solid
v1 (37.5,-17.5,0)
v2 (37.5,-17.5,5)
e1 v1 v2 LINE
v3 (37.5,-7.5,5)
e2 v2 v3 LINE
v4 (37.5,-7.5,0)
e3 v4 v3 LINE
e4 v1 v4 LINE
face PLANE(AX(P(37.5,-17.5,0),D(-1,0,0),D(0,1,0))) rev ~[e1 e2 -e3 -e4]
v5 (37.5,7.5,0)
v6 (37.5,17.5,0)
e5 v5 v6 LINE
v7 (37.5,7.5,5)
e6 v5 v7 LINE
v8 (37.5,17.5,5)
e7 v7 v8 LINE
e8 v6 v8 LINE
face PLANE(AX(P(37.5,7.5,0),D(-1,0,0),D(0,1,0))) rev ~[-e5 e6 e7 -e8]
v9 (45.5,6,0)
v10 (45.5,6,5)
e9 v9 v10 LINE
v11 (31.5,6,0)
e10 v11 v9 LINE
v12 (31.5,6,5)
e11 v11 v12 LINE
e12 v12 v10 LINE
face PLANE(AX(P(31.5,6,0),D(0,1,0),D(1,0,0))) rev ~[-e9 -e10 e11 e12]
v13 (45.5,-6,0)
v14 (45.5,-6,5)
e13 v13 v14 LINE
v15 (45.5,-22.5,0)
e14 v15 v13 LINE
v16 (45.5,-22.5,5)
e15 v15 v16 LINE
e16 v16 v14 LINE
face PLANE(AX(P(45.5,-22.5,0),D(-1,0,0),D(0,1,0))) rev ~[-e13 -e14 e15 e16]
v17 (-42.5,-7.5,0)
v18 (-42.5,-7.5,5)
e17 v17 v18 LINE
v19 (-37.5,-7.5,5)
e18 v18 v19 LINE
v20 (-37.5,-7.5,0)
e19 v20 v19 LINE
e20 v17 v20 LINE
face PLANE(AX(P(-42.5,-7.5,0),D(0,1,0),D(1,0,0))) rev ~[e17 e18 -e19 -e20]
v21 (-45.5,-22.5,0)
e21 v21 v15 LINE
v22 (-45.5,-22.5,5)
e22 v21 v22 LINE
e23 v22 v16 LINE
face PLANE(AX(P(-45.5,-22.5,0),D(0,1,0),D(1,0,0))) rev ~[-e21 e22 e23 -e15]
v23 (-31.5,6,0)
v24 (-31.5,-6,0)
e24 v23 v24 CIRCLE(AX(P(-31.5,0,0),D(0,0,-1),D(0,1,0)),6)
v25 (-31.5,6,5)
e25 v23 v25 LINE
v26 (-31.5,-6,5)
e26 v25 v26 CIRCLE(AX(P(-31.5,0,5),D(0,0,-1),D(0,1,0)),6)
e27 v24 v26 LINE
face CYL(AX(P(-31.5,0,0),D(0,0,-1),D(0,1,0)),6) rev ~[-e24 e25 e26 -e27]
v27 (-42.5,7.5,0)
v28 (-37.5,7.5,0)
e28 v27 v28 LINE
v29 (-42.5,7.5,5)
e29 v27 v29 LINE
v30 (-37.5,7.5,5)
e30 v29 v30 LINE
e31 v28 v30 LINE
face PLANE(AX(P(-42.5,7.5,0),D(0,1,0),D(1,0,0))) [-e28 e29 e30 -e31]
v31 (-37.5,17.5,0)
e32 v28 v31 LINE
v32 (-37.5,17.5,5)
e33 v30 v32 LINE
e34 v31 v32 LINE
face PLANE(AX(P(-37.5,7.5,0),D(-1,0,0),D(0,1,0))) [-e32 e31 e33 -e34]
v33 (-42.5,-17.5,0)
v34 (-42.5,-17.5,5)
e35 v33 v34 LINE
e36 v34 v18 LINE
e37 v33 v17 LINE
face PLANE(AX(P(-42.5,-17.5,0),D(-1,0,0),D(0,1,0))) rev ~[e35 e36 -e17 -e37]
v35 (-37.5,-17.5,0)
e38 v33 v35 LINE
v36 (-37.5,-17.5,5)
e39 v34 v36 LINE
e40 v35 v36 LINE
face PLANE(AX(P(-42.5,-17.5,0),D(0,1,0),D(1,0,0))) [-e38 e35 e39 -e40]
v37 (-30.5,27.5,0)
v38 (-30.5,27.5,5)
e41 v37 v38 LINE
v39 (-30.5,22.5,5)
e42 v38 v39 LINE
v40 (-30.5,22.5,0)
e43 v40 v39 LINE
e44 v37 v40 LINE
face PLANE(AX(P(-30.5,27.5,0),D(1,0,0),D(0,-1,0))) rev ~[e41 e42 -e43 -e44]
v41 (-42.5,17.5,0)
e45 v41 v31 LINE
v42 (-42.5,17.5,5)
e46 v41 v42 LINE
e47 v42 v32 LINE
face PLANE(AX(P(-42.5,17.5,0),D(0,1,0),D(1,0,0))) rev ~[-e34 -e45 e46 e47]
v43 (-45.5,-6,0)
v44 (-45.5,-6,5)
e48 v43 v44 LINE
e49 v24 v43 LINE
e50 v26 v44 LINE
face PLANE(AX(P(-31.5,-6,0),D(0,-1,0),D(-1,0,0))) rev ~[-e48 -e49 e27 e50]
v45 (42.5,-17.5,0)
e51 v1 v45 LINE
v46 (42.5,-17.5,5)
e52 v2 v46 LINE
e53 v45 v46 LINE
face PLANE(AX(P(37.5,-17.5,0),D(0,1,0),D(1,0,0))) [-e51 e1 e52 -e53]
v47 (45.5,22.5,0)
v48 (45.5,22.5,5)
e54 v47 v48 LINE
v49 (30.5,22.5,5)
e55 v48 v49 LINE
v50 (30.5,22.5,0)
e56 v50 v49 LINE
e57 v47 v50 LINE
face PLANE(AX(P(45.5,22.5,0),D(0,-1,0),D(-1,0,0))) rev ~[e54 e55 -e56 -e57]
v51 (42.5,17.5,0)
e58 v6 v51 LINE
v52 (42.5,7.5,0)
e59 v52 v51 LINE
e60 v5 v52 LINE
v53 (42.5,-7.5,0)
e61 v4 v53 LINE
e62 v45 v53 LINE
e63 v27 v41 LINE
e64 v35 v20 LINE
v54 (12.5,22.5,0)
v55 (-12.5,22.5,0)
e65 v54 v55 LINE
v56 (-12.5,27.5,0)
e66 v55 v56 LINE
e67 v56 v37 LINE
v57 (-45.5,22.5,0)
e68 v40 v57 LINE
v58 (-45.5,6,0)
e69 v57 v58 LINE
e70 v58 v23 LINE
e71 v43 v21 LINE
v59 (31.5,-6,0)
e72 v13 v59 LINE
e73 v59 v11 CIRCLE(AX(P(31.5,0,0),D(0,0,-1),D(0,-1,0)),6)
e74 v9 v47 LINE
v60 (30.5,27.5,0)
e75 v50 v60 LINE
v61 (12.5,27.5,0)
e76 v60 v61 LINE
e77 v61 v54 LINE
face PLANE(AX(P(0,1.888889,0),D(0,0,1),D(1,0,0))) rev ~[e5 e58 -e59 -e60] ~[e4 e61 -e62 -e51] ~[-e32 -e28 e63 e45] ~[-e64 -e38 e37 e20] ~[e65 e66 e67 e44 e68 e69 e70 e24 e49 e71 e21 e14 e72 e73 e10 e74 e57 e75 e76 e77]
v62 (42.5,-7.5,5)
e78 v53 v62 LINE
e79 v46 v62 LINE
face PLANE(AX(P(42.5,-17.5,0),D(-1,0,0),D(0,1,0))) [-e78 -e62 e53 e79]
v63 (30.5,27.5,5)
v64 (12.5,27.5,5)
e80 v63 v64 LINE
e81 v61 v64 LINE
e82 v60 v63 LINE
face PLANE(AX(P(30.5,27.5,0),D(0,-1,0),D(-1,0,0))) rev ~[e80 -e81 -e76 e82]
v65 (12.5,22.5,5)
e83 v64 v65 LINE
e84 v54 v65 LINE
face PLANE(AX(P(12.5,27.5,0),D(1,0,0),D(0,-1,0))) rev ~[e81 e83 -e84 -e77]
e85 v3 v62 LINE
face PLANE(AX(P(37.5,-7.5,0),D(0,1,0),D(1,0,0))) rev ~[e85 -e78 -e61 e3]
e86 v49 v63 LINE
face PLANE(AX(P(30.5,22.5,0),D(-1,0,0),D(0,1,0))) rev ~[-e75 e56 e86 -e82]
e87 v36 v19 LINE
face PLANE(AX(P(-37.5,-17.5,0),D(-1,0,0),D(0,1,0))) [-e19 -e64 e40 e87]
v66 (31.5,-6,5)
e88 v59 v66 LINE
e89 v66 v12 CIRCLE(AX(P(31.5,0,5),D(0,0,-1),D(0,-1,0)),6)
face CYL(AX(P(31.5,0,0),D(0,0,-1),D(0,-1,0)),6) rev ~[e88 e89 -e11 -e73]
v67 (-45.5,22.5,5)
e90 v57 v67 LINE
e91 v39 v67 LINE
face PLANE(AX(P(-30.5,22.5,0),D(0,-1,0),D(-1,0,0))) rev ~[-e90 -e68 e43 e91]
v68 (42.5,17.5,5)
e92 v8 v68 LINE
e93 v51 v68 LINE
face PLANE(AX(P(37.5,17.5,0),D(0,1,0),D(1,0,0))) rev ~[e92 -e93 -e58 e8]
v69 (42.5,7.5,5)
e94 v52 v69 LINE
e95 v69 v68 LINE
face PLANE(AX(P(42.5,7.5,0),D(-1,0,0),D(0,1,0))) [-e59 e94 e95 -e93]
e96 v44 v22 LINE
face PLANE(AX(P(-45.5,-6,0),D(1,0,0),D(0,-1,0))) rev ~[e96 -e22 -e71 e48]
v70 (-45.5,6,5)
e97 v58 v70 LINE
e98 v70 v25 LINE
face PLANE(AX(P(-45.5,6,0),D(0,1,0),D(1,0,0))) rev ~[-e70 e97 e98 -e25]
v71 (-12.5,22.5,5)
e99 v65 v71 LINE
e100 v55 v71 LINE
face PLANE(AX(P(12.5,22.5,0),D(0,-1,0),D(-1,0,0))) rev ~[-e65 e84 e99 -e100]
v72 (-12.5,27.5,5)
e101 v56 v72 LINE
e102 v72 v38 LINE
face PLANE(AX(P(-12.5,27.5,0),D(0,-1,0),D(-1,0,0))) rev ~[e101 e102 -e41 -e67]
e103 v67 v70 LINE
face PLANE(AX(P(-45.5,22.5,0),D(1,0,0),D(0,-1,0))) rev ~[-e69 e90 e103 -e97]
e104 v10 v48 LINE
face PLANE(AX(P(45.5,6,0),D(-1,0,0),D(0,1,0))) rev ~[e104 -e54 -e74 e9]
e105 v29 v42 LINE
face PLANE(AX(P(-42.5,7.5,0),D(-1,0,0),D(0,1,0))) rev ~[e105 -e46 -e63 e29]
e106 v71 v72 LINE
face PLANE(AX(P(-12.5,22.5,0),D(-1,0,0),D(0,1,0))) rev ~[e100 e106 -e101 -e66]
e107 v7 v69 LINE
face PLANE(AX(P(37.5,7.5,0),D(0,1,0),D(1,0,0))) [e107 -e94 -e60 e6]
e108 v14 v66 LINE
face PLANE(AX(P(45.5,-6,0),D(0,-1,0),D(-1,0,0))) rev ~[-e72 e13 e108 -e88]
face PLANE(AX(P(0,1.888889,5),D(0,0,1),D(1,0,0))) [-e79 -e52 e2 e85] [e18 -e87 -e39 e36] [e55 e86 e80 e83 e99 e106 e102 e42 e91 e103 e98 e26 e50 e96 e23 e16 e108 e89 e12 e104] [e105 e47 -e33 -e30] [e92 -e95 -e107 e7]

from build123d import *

# Parameters (mm, degrees)
F0_W     = 5
F0_H     = 10
F1_DEPTH = 5


with BuildPart() as f1:
    # F0 (on Top) → F1 (new body)
    with BuildSketch(Plane.XY):
        with BuildLine():
            Line((-30.5, 22.5), (-45.5, 22.5))
            Line((-45.5, 22.5), (-45.5, 6))
            Line((-45.5, 6), (-31.5, 6))
            ThreePointArc((-31.5, 6), (-25.5, 0), (-31.5, -6))
            Line((-31.5, -6), (-45.5, -6))
            Line((-45.5, -6), (-45.5, -22.5))
            Line((-45.5, -22.5), (45.5, -22.5))
            Line((45.5, -22.5), (45.5, -6))
            Line((45.5, -6), (31.5, -6))
            ThreePointArc((31.5, -6), (25.5, 0), (31.5, 6))
            Line((31.5, 6), (45.5, 6))
            Line((45.5, 6), (45.5, 22.5))
            Line((45.5, 22.5), (30.5, 22.5))
            Line((30.5, 22.5), (30.5, 27.5))
            Line((30.5, 27.5), (12.5, 27.5))
            Line((12.5, 27.5), (12.5, 22.5))
            Line((12.5, 22.5), (-12.5, 22.5))
            Line((-12.5, 22.5), (-12.5, 27.5))
            Line((-12.5, 27.5), (-30.5, 27.5))
            Line((-30.5, 27.5), (-30.5, 22.5))
        make_face()
        with Locations((-40, -12.5)):
            Rectangle(F0_W, F0_H, mode=Mode.SUBTRACT)
        with Locations((40, -12.5)):
            Rectangle(F0_W, F0_H, mode=Mode.SUBTRACT)
        with Locations((-40, 12.5)):
            Rectangle(F0_W, F0_H, mode=Mode.SUBTRACT)
        with Locations((40, 12.5)):
            Rectangle(F0_W, F0_H, mode=Mode.SUBTRACT)
    extrude(amount=F1_DEPTH)


solid = f1.part
